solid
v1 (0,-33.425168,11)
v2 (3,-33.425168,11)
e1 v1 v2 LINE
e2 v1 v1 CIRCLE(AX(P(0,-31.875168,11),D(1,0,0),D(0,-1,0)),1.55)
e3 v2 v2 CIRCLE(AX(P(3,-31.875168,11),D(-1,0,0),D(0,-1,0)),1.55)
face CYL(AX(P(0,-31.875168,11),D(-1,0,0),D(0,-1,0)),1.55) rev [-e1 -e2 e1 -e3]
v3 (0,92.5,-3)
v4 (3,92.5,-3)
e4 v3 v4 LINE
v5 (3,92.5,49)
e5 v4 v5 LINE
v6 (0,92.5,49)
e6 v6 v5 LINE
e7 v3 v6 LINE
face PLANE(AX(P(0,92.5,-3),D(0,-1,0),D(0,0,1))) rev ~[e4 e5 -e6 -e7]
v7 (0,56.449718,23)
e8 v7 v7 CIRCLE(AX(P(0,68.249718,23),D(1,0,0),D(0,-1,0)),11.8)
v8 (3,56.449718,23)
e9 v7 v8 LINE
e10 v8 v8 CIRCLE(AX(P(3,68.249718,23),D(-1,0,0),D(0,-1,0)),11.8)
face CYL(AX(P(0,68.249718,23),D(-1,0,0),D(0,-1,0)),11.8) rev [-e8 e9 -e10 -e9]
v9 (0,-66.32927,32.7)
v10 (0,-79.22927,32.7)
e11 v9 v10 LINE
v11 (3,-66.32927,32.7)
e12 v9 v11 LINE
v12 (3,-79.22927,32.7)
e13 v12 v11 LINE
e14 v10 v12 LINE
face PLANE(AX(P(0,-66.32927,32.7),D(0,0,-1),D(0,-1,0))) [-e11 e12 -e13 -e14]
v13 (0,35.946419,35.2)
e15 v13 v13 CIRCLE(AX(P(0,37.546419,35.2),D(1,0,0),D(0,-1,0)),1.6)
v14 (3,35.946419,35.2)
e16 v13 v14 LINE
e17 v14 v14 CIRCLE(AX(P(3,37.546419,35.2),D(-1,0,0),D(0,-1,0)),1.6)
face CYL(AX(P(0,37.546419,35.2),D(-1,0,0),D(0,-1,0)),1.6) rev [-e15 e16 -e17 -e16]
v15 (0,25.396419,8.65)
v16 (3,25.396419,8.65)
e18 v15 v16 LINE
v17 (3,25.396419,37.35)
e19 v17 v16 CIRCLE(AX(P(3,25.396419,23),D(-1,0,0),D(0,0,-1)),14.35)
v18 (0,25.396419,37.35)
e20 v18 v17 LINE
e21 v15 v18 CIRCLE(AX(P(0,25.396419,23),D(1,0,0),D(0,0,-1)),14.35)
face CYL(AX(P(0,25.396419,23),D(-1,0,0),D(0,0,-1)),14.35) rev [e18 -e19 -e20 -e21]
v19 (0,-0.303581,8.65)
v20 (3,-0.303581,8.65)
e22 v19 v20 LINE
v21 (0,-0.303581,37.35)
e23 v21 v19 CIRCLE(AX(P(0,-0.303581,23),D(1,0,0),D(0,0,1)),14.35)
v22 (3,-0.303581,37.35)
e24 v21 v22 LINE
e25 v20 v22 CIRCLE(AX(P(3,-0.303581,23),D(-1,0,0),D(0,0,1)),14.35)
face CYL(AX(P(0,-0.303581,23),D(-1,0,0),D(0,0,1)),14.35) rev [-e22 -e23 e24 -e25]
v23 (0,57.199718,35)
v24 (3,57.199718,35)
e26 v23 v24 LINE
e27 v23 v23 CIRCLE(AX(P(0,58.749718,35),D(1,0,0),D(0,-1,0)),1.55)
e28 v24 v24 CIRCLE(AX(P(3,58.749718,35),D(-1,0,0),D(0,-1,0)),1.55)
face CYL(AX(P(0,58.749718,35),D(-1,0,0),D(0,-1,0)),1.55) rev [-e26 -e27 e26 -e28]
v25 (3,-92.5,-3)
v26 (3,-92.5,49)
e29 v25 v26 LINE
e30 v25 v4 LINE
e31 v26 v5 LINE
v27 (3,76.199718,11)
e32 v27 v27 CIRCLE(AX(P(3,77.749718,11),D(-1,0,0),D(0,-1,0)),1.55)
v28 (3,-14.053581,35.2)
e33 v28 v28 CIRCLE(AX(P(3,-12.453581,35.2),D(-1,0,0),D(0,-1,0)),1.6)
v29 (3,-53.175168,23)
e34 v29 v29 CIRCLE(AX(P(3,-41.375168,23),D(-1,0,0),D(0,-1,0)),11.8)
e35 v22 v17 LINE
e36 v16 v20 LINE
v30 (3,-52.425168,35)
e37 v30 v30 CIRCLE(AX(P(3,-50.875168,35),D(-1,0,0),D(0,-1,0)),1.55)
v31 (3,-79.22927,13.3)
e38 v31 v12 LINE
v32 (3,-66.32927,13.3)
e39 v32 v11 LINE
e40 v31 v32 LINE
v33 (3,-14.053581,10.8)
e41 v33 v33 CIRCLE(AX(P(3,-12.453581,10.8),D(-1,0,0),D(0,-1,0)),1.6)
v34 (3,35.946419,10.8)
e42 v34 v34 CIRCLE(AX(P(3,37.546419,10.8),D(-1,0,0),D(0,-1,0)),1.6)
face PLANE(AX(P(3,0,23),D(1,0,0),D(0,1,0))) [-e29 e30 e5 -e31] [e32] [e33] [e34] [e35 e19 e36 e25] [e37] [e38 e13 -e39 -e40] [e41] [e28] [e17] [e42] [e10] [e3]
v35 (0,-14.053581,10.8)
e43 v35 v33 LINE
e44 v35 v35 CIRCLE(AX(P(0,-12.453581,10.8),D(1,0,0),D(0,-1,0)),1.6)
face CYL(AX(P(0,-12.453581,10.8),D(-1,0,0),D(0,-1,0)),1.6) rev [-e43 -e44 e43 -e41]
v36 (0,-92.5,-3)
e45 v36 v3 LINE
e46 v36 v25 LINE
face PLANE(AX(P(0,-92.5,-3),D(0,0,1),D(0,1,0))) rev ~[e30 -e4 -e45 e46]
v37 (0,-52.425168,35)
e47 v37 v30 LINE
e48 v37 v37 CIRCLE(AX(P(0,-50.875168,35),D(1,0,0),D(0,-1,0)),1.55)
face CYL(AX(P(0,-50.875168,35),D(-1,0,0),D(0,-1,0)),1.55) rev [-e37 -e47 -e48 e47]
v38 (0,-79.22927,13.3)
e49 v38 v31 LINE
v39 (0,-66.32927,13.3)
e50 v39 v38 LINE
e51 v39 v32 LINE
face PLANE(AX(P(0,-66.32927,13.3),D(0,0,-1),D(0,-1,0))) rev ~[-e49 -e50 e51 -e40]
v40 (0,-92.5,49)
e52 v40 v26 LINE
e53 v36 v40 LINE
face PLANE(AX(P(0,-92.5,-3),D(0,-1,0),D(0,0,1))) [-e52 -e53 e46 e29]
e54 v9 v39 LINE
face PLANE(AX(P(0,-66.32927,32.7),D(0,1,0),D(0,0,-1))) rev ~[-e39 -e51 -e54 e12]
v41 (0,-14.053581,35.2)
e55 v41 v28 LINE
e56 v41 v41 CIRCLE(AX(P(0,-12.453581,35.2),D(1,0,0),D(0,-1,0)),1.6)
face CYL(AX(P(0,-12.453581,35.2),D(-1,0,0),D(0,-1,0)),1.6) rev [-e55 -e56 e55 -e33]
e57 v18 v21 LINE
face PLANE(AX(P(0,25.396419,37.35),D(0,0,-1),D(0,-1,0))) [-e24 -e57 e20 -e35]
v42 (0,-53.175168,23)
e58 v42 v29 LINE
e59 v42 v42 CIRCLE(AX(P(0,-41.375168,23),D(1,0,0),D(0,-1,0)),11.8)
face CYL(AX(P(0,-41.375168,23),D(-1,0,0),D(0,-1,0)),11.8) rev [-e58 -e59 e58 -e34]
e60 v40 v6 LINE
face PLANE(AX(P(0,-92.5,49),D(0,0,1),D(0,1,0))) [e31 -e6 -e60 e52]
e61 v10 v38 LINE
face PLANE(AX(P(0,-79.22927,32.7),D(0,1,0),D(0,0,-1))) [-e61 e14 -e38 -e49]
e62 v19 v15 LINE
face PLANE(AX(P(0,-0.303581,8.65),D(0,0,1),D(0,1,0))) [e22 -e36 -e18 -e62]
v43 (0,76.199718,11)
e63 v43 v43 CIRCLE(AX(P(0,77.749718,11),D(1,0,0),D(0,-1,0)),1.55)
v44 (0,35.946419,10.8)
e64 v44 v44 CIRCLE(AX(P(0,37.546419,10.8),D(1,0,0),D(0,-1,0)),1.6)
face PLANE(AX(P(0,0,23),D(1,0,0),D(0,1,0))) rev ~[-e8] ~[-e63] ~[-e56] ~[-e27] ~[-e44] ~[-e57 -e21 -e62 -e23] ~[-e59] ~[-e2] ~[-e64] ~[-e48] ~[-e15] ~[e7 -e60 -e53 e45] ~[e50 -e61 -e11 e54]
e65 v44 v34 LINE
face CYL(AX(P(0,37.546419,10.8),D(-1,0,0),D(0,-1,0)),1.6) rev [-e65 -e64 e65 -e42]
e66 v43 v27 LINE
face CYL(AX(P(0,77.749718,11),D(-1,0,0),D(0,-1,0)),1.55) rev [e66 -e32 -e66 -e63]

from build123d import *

# Parameters (mm, degrees)
SKETCH_W        = 185
SKETCH_H        = 52
PAD_DEPTH       = 3
SHAPEBINDER_R   = 11.8
SHAPEBINDER_R_2 = 1.55
SHAPEBINDER_W   = 12.9
SHAPEBINDER_H   = 19.4
SHAPEBINDER_R_3 = 1.6
POCKET_DEPTH    = 5


with BuildPart() as part:
    # Sketch → Pad (new body)
    with BuildSketch(Plane.YZ):
        with Locations((0, 23)):
            Rectangle(SKETCH_W, SKETCH_H)
    extrude(amount=PAD_DEPTH)

    # ShapeBinder → Pocket (cut)
    with BuildSketch(Plane(origin=(0, 0.410224, 23), x_dir=(0, -1, 0), z_dir=(1, 0, 0))):
        with Locations((-67.839494, 0)):
            Circle(SHAPEBINDER_R)
        with Locations((-58.339494, -12)):
            Circle(SHAPEBINDER_R_2)
        with Locations((-77.339494, 12)):
            Circle(SHAPEBINDER_R_2)
        with BuildLine():
            ThreePointArc((-24.986195, 14.35), (-39.336195, 0), (-24.986195, -14.35))
            Line((-24.986195, -14.35), (0.713805, -14.35))
            ThreePointArc((0.713805, -14.35), (15.063805, 0), (0.713805, 14.35))
            Line((0.713805, 14.35), (-24.986195, 14.35))
        make_face()
        with Locations((41.785392, 0)):
            Circle(SHAPEBINDER_R)
        with Locations((32.285392, 12)):
            Circle(SHAPEBINDER_R_2)
        with Locations((51.285392, -12)):
            Circle(SHAPEBINDER_R_2)
        with Locations((73.189494, 0)):
            Rectangle(SHAPEBINDER_W, SHAPEBINDER_H)
        with Locations((12.863805, -12.2)):
            Circle(SHAPEBINDER_R_3)
        with Locations((12.863805, 12.2)):
            Circle(SHAPEBINDER_R_3)
        with Locations((-37.136195, 12.2)):
            Circle(SHAPEBINDER_R_3)
        with Locations((-37.136195, -12.2)):
            Circle(SHAPEBINDER_R_3)
    extrude(amount=POCKET_DEPTH, mode=Mode.SUBTRACT)


solid = part.part
